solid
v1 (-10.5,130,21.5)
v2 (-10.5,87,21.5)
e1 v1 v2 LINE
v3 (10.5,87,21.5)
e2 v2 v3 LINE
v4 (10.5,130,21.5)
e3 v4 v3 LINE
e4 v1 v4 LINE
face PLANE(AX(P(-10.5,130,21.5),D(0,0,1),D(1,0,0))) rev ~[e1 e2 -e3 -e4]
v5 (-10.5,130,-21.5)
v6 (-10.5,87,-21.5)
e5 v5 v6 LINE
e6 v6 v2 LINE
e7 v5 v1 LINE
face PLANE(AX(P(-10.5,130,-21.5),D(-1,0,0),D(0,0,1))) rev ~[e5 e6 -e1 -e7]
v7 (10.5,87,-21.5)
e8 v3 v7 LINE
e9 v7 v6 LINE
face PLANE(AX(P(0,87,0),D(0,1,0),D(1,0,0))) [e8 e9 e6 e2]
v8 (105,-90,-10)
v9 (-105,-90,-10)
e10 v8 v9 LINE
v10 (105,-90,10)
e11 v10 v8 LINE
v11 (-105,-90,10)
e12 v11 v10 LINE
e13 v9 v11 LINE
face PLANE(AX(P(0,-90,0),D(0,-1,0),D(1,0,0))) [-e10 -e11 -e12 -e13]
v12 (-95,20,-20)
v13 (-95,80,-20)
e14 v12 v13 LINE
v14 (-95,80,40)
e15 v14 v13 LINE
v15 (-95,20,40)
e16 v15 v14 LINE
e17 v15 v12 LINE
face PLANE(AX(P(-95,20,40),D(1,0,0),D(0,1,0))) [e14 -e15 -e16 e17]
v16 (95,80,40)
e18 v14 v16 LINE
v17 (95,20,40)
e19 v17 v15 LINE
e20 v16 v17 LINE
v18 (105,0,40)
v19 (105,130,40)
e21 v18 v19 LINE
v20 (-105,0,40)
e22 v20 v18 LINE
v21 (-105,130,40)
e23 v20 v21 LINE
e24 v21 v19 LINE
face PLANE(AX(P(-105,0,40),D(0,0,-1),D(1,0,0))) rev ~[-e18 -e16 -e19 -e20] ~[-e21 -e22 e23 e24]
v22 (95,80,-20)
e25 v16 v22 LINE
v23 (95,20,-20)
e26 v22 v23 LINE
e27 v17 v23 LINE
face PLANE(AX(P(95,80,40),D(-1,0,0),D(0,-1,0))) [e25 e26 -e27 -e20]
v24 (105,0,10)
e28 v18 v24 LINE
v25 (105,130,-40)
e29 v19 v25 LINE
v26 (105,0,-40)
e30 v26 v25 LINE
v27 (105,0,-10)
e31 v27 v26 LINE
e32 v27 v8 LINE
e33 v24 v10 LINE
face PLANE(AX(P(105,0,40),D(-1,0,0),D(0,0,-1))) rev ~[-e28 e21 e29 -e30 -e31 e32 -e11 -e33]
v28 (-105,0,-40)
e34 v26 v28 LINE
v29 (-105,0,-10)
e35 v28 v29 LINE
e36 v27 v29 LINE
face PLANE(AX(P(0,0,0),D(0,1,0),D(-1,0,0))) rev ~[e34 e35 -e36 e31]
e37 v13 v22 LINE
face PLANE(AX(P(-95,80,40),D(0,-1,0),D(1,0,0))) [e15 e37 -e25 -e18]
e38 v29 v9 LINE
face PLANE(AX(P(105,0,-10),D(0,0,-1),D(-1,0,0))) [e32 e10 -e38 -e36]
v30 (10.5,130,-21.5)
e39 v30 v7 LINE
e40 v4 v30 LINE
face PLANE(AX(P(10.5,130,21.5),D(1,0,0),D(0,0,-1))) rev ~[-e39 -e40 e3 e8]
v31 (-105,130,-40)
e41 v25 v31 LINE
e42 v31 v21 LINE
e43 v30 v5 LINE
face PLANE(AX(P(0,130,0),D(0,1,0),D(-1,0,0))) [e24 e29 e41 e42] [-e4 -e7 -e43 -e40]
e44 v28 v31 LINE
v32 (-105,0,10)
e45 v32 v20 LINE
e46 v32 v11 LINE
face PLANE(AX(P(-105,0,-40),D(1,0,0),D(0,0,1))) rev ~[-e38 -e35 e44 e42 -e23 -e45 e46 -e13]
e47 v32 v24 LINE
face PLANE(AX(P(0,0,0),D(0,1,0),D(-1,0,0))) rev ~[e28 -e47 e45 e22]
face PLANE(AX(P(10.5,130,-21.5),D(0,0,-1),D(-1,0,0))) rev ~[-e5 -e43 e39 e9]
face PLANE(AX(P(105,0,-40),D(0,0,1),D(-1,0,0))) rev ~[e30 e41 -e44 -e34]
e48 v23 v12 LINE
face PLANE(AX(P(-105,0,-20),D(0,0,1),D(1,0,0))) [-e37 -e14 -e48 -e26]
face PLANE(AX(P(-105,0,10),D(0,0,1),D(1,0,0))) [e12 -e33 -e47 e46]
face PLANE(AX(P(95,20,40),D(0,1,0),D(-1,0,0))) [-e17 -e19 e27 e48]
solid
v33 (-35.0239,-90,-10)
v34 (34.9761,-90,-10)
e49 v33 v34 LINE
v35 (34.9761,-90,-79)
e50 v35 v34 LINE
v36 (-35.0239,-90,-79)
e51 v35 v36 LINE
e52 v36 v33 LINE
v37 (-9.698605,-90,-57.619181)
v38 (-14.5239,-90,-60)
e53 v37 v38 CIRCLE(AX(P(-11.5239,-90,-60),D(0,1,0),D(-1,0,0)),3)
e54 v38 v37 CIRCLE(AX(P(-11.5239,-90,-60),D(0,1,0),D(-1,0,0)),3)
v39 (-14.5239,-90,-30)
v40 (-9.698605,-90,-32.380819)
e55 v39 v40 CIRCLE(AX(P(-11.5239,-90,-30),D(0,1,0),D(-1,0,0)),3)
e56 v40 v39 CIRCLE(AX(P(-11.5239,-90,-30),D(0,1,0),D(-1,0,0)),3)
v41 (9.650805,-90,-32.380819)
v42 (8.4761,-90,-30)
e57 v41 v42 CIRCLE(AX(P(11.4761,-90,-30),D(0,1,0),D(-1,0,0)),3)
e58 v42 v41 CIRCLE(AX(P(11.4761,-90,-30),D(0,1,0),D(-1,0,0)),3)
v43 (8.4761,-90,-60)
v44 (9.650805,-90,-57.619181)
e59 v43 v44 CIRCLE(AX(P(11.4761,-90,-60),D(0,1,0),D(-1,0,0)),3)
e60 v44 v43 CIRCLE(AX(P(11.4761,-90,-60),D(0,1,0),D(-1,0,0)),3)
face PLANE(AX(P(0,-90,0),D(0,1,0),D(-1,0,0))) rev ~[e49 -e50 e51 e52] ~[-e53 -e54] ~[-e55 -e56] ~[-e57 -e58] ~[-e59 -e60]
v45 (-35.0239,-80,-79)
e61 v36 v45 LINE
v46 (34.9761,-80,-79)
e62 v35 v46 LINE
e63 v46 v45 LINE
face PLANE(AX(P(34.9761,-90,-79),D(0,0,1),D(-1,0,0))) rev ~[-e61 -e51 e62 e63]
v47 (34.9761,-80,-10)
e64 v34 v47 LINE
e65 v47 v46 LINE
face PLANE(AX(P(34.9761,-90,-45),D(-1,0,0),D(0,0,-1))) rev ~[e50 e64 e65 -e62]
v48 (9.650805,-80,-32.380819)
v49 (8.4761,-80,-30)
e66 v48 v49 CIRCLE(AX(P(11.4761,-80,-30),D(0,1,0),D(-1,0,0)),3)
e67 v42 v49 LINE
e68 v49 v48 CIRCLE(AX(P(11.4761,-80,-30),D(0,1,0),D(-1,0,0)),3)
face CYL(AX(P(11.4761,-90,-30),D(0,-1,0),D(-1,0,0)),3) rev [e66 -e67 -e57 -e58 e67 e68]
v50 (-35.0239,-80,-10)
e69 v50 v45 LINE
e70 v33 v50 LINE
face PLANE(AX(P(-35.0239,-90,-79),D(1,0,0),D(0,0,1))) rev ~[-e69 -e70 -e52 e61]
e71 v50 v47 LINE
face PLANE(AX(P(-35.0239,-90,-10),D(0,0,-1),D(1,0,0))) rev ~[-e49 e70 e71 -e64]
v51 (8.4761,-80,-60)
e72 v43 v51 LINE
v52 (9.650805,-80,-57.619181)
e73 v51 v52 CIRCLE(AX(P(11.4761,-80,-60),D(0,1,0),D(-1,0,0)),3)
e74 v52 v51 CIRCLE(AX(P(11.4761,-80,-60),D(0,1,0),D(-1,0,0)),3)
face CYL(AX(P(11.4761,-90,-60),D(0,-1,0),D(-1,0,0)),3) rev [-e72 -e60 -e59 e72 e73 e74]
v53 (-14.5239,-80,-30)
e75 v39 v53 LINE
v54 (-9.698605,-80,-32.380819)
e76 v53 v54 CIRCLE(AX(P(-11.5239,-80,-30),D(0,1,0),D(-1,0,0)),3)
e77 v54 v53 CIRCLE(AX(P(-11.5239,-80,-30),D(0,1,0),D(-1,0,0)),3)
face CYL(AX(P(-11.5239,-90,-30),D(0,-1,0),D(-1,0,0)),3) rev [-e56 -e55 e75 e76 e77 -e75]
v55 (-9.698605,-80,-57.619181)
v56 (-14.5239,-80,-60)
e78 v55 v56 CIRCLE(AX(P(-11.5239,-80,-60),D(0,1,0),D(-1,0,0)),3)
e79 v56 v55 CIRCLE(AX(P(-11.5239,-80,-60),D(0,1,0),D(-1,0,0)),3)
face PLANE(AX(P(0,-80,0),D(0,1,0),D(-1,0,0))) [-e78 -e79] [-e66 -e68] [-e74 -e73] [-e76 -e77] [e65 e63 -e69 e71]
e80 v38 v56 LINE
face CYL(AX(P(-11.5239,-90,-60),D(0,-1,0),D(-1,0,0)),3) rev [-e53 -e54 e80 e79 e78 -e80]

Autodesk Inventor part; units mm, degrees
ref_plane "YZ Plane" through (0, 0, 0) normal (1, 0, 0) x (0, 1, 0)
ref_plane "XY Plane" through (0, 0, 0) normal (0, 0, 1) x (1, 0, 0)
sketch "Boceto1" plane through (0, 0, 0) normal (0, 1, 0) x (-1, 0, 0)
  line L0 (105, 40) -> (-105, 40)
  line L1 (-105, 40) -> (-105, -40)
  line L2 (-105, -40) -> (105, -40)
  line L3 (105, -40) -> (105, 40)
  line L4 (105, 40) -> (-105, -40) construction
  line L5 (-105, 40) -> (105, -40) construction
  point P0 (0, 0)
  dimension "d0" = 210
  dimension "d1" = 80
extrude "Extrusión1" add sketch "Boceto1" along normal blind 130
sketch "Boceto2" plane through (-105, 0, 40) normal (0, 0, 1) x (1, 0, 0)
  line L0 (10, 80) -> (200, 80)
  line L1 (200, 80) -> (200, 20)
  line L2 (200, 20) -> (10, 20)
  line L3 (10, 20) -> (10, 80)
  line L4 (10, 80) -> (200, 20) construction
  line L5 (200, 80) -> (10, 20) construction
  line L6 (0, 0) -> (210, 0) projected
  point P0 (105, 0)
  point P1 (105, 50)
  dimension "d4" = 190
  dimension "d5" = 60
  dimension "d6" = 20
extrude "Extrusión2" cut sketch "Boceto2" against normal blind 60
sketch "Boceto3" plane through (0, 130, 0) normal (0, 1, 0) x (1, 0, 0)
  line L0 (-10.5, -21.5) -> (10.5, -21.5)
  line L1 (10.5, -21.5) -> (10.5, 21.5)
  line L2 (10.5, 21.5) -> (-10.5, 21.5)
  line L3 (-10.5, 21.5) -> (-10.5, -21.5)
  line L4 (-10.5, -21.5) -> (10.5, 21.5) construction
  line L5 (10.5, -21.5) -> (-10.5, 21.5) construction
  point P0 (0, 0)
  point P1 (0, 0)
  dimension "d9" = 21
  dimension "d10" = 43
extrude "Extrusión3" cut sketch "Boceto3" against normal blind 43
sketch "Boceto4" plane through (0, 0, 0) normal (0, -1, 0) x (1, 0, 0)
  line L0 (105, 40) -> (105, -40) projected
  line L1 (-105, 10) -> (105, 10)
  line L2 (105, 10) -> (105, -10)
  line L3 (105, -10) -> (-105, -10)
  line L4 (-105, -10) -> (-105, 10)
  line L5 (-105, 10) -> (105, -10) construction
  line L6 (105, 10) -> (-105, -10) construction
  point P0 (0, 0)
  dimension "d13" = 20
extrude "Extrusión4" add sketch "Boceto4" along normal blind 90
ref_plane "Plano de trabajo1" through (0, -90, 0) normal (0, 1, 0) x (-1, 0, 0)
sketch "Boceto7" plane through (0, -90, 0) normal (0, 1, 0) x (-1, 0, 0)
  circle A0 centre (11.5239, -60) radius 3
  circle A1 centre (-11.4761, -60) radius 3
  line L0 (105, 10) -> (-105, 10)
  line L1 (105.0239, -10) -> (-104.9761, -10)
  line L2 (105.0239, -10) -> (-104.9761, -10)
  circle A2 centre (11.5239, -30) radius 3
  circle A3 centre (-11.4761, -30) radius 3
  line L3 (11.5239, -60) -> (-11.4761, -30)
  line L4 (11.5239, -30) -> (-11.4761, -60)
  line L5 (105, 10) -> (-105, 10)
  line L6 (-105, 10) -> (-95.8154, 10)
  line L7 (0.0239, -45) -> (-34.9761, -45)
  line L8 (0.0239, -45) -> (35.0239, -45)
  line L9 (35.0239, -45) -> (35.0239, -10)
  line L10 (-105, -10) -> (105, -10)
  line L11 (35.0239, -10) -> (-34.9761, -10)
  line L12 (-34.9761, -10) -> (-34.9761, -79)
  line L13 (-34.9761, -79) -> (35.0239, -79)
  line L14 (35.0239, -79) -> (35.0239, -10)
  line L15 (-105, -10) -> (105, -10) projected
  line L16 (-40.6213, -10) -> (-84.6707, -10)
  point P0 (0, 0)
  point P1 (0, 0)
  point P2 (0.0478, -10)
  dimension "d28" = 20
  dimension "d29" = 20
  dimension "d30" = 30
  dimension "d31" = 30
  dimension "d32" = 20
  dimension "d33" = 35
  dimension "d34" = 35
  dimension "d35" = 69
extrude "Extrusión6" add sketch "Boceto7" along normal blind 10 separate body
properties part number "front_support"
